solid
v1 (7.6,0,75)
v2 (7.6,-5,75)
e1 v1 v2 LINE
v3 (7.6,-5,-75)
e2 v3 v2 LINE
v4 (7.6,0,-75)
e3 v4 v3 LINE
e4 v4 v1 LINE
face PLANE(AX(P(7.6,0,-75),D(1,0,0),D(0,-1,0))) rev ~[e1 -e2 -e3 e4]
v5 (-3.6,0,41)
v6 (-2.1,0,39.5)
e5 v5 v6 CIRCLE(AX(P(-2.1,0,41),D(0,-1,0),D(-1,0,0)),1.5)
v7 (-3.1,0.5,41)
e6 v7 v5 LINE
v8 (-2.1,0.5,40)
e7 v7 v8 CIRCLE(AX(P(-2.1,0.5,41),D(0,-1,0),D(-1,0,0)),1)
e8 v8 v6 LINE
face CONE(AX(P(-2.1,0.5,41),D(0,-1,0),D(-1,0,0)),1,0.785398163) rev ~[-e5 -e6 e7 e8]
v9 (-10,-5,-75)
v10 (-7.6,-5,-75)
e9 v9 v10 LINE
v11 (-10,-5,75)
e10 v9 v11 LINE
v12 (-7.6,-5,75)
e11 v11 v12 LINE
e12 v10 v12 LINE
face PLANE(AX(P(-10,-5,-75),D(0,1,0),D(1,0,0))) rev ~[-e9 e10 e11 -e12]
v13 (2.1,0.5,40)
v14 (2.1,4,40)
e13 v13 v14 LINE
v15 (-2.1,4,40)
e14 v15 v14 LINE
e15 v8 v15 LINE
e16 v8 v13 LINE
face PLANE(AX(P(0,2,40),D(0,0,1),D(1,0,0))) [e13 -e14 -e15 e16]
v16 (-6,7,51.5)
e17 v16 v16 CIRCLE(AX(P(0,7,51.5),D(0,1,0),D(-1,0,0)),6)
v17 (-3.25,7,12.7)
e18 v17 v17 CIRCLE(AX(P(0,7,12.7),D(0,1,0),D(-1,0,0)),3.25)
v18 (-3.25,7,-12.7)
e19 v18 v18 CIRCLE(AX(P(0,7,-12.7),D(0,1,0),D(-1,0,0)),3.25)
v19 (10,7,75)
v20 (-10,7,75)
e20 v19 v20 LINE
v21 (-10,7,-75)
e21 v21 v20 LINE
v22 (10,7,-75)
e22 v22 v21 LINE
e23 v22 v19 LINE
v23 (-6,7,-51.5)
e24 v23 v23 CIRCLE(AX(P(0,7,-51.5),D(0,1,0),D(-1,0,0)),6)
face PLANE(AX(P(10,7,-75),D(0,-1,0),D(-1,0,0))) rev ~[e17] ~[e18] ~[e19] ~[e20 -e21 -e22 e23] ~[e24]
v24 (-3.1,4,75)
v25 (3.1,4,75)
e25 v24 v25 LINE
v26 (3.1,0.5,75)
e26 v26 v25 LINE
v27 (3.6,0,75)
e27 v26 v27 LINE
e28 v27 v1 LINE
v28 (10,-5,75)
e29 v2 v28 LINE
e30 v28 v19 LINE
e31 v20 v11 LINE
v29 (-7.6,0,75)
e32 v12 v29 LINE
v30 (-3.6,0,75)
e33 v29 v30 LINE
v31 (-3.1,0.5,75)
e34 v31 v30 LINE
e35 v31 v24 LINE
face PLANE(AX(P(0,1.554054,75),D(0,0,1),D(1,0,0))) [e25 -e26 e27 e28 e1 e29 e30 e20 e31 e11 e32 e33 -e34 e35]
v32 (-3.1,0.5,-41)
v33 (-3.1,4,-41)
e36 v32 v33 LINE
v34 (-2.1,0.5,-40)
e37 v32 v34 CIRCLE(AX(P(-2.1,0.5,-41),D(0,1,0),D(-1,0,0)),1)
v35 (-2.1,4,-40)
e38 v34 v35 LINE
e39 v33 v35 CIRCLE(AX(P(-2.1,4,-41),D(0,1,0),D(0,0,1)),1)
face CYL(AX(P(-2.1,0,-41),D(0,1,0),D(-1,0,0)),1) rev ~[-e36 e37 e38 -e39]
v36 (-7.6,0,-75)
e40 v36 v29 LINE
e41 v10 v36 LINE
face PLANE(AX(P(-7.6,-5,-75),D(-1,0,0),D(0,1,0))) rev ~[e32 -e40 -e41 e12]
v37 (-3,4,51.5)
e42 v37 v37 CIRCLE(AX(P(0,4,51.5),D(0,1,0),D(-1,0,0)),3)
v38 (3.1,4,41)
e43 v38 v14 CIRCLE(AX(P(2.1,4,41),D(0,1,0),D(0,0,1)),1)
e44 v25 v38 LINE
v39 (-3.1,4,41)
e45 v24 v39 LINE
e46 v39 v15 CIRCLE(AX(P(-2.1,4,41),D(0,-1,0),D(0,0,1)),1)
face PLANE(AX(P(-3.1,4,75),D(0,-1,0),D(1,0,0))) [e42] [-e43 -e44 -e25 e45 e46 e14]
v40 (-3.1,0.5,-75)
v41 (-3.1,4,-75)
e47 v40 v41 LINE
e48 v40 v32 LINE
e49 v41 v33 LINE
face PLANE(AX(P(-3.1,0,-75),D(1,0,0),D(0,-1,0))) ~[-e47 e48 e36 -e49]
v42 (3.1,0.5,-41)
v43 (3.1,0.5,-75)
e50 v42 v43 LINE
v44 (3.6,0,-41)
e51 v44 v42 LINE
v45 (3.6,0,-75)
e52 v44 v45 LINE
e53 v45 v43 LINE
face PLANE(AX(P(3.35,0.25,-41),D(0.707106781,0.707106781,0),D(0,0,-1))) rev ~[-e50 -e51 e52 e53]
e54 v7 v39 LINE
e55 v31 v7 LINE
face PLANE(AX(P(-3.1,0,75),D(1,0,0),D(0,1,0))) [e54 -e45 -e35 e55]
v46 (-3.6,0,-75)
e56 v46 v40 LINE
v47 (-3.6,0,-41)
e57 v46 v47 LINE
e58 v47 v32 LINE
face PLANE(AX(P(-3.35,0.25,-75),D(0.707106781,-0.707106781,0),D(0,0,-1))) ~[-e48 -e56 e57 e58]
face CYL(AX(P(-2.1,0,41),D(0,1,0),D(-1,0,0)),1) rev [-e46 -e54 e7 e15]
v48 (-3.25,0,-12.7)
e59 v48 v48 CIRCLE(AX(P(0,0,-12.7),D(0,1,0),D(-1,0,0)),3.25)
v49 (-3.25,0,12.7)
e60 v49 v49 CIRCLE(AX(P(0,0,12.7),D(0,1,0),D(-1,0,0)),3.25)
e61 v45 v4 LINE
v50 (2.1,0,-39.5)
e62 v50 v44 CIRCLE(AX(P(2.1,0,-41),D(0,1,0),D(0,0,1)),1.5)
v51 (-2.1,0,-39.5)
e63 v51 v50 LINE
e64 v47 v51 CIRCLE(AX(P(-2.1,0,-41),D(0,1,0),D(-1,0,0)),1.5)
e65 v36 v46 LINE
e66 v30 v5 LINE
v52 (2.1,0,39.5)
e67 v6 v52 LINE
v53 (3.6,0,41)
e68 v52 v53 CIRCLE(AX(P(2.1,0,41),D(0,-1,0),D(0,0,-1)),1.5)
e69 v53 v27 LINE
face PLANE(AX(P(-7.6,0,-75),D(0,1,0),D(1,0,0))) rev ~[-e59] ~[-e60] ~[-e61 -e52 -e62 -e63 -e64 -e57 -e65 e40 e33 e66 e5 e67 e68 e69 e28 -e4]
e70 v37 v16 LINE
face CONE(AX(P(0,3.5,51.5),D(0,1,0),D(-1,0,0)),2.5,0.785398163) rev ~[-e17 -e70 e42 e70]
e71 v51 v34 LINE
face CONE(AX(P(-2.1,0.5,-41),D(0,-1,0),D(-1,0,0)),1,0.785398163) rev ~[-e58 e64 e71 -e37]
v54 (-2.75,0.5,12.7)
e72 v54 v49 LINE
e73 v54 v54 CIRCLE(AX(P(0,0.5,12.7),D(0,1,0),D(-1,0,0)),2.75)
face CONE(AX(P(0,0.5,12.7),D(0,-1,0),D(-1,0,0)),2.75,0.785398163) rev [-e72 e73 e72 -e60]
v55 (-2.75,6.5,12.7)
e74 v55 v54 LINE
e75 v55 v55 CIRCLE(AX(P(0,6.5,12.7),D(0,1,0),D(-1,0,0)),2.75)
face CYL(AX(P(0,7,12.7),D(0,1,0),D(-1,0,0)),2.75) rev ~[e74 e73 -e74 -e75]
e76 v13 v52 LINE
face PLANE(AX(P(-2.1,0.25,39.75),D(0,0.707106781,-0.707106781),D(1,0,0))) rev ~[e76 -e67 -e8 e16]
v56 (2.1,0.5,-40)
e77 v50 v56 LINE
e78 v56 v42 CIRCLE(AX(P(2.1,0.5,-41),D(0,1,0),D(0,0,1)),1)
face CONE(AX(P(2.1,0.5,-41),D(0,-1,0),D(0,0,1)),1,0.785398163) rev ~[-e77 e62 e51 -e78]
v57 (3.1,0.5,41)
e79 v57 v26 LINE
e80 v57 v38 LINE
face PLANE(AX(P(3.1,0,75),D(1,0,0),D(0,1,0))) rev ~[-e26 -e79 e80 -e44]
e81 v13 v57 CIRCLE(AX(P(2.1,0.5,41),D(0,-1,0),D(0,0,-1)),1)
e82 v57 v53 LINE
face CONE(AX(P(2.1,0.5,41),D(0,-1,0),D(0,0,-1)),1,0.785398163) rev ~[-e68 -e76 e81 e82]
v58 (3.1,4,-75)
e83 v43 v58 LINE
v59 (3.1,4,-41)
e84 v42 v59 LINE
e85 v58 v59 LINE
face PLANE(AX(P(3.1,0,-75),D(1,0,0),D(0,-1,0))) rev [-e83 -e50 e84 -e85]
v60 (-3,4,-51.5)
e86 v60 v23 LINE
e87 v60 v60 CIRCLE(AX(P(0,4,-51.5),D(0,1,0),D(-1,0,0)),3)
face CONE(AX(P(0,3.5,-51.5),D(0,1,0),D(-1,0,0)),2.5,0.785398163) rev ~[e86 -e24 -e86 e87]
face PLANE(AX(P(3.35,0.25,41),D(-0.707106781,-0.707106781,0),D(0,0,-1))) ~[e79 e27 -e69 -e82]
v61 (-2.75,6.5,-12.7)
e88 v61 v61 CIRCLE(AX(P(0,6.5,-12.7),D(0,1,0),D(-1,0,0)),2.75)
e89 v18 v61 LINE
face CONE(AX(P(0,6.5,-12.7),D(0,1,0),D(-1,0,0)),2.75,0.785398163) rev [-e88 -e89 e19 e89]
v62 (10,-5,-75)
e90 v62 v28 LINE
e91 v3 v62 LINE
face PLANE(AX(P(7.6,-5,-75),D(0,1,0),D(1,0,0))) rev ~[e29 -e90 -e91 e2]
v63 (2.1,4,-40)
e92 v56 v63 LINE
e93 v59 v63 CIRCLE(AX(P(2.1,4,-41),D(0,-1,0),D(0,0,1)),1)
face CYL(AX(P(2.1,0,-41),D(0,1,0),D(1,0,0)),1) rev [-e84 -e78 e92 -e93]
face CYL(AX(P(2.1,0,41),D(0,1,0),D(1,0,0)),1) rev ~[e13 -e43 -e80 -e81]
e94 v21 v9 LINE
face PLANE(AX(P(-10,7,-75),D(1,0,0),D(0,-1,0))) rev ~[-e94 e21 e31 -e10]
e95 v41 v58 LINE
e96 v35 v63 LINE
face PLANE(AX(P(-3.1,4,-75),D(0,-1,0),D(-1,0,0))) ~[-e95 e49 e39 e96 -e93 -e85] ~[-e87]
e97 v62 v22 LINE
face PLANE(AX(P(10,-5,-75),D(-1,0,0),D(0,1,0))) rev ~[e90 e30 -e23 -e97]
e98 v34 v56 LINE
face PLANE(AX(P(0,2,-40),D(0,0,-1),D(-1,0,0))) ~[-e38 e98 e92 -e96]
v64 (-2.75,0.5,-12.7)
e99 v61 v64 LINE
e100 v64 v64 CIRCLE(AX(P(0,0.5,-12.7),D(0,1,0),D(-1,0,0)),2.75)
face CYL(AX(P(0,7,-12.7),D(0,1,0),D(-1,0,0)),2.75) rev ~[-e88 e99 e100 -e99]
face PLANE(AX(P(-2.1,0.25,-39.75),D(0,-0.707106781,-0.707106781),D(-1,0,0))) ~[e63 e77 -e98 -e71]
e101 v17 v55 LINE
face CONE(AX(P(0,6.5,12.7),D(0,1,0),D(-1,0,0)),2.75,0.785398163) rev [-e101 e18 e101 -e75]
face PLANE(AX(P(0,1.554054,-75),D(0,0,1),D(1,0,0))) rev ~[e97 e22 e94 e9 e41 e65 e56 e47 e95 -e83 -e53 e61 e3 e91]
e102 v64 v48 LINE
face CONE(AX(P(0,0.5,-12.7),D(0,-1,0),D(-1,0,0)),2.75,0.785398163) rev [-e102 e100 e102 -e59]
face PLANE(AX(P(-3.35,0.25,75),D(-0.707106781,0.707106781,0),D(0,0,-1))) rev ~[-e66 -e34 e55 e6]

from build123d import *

# Parameters (mm, degrees)
BOSS_EXTRUDE1_DEPTH      = 75
BOSS_EXTRUDE1_DEPTH_BACK = 75
CUT_EXTRUDE1_REACH       = 78.609
SKETCH2_R                = 2.5
SKETCH2_R_2              = 2.75
CHAMFER1_SIZE            = 3.5
SKETCH3_W                = 6.2
SKETCH3_H                = 4
CUT_EXTRUDE2_DEPTH       = 35
CHAMFER3_SIZE            = 0.5
FILLET1_R                = 1
CHAMFER2_SIZE            = 0.5


with BuildPart() as part:
    # Sketch1 → Boss-Extrude1 (new, two sides: drawn at the far end of the back side and taken through both)
    with BuildSketch(Plane.XY.offset(-BOSS_EXTRUDE1_DEPTH_BACK)):
        Polygon((0, 0), (7.6, 0), (7.6, -5), (10, -5), (10, 7), (-10, 7), (-10, -5), (-7.6, -5), (-7.6, 0), align=None)
    extrude(amount=BOSS_EXTRUDE1_DEPTH + BOSS_EXTRUDE1_DEPTH_BACK)

    # Sketch2 → Cut-Extrude1 (cut, up to next)
    with BuildSketch(Plane(origin=(0, 7, 0), x_dir=(1, 0, 0), z_dir=(0, 1, 0)), mode=Mode.PRIVATE) as cut_extrude1_sk1:
        with Locations((0, -51.5)):
            Circle(SKETCH2_R)
    cut_extrude1_tool1 = extrude(cut_extrude1_sk1.sketch, amount=-CUT_EXTRUDE1_REACH, mode=Mode.PRIVATE) & part.part
    # Sketch2 → Cut-Extrude1 (cut, up to next)
    with BuildSketch(Plane(origin=(0, 7, 0), x_dir=(1, 0, 0), z_dir=(0, 1, 0)), mode=Mode.PRIVATE) as cut_extrude1_sk2:
        with Locations((0, 12.7)):
            Circle(SKETCH2_R_2)
    cut_extrude1_tool2 = extrude(cut_extrude1_sk2.sketch, amount=-CUT_EXTRUDE1_REACH, mode=Mode.PRIVATE) & part.part
    # Sketch2 → Cut-Extrude1 (cut, up to next)
    with BuildSketch(Plane(origin=(0, 7, 0), x_dir=(1, 0, 0), z_dir=(0, 1, 0)), mode=Mode.PRIVATE) as cut_extrude1_sk3:
        with Locations((0, -12.7)):
            Circle(SKETCH2_R_2)
    cut_extrude1_tool3 = extrude(cut_extrude1_sk3.sketch, amount=-CUT_EXTRUDE1_REACH, mode=Mode.PRIVATE) & part.part
    # Sketch2 → Cut-Extrude1 (cut, up to next)
    with BuildSketch(Plane(origin=(0, 7, 0), x_dir=(1, 0, 0), z_dir=(0, 1, 0)), mode=Mode.PRIVATE) as cut_extrude1_sk4:
        with Locations((0, 51.5)):
            Circle(SKETCH2_R)
    cut_extrude1_tool4 = extrude(cut_extrude1_sk4.sketch, amount=-CUT_EXTRUDE1_REACH, mode=Mode.PRIVATE) & part.part
    add(cut_extrude1_tool1.solids().sort_by_distance((0, 7, 51.5))[0], mode=Mode.SUBTRACT)
    add(cut_extrude1_tool2.solids().sort_by_distance((0, 7, -12.7))[0], mode=Mode.SUBTRACT)
    add(cut_extrude1_tool3.solids().sort_by_distance((0, 7, 12.7))[0], mode=Mode.SUBTRACT)
    add(cut_extrude1_tool4.solids().sort_by_distance((0, 7, -51.5))[0], mode=Mode.SUBTRACT)

    # Chamfer1
    chamfer1_edges = [part.edges().sort_by_distance(p)[0] for p in [
        (-2.5, 7, 51.5),
        (-2.5, 7, -51.5),
    ]]
    chamfer(chamfer1_edges, length=CHAMFER1_SIZE)

    # Sketch3 → Cut-Extrude2 (cut)
    with BuildSketch(Plane.XY.offset(75)):
        with Locations((0, 2)):
            Rectangle(SKETCH3_W, SKETCH3_H)
    cut_extrude2 = extrude(amount=-CUT_EXTRUDE2_DEPTH, mode=Mode.SUBTRACT)

    # Mirror2: Cut-Extrude2 across plane
    add(cut_extrude2.mirror(Plane.XY), mode=Mode.SUBTRACT)

    # Chamfer3
    chamfer3_edges = [part.edges().sort_by_distance(p)[0] for p in [
        (-2.75, 7, -12.7),
        (-2.75, 7, 12.7),
        (-2.75, 0, -12.7),
        (-2.75, 0, 12.7),
    ]]
    chamfer(chamfer3_edges, length=CHAMFER3_SIZE)

    # Fillet1
    fillet1_edges = [part.edges().sort_by_distance(p)[0] for p in [
        (-3.1, 2, -40),
        (3.1, 2, -40),
        (-3.1, 2, 40),
        (3.1, 2, 40),
    ]]
    fillet(fillet1_edges, radius=FILLET1_R)

    # Chamfer2
    chamfer2_edges = [part.edges().sort_by_distance(p)[0] for p in [
        (-3.1, 0, 58),
        (0, 0, 40),
        (3.1, 0, 58),
        (-3.1, 0, -58),
        (0, 0, -40),
        (3.1, 0, -58),
        (-2.807106781, 0, -40.292893219),
        (2.807106781, 0, -40.292893219),
        (-2.807106781, 0, 40.292893219),
        (2.807106781, 0, 40.292893219),
    ]]
    chamfer(chamfer2_edges, length=CHAMFER2_SIZE)


solid = part.part
